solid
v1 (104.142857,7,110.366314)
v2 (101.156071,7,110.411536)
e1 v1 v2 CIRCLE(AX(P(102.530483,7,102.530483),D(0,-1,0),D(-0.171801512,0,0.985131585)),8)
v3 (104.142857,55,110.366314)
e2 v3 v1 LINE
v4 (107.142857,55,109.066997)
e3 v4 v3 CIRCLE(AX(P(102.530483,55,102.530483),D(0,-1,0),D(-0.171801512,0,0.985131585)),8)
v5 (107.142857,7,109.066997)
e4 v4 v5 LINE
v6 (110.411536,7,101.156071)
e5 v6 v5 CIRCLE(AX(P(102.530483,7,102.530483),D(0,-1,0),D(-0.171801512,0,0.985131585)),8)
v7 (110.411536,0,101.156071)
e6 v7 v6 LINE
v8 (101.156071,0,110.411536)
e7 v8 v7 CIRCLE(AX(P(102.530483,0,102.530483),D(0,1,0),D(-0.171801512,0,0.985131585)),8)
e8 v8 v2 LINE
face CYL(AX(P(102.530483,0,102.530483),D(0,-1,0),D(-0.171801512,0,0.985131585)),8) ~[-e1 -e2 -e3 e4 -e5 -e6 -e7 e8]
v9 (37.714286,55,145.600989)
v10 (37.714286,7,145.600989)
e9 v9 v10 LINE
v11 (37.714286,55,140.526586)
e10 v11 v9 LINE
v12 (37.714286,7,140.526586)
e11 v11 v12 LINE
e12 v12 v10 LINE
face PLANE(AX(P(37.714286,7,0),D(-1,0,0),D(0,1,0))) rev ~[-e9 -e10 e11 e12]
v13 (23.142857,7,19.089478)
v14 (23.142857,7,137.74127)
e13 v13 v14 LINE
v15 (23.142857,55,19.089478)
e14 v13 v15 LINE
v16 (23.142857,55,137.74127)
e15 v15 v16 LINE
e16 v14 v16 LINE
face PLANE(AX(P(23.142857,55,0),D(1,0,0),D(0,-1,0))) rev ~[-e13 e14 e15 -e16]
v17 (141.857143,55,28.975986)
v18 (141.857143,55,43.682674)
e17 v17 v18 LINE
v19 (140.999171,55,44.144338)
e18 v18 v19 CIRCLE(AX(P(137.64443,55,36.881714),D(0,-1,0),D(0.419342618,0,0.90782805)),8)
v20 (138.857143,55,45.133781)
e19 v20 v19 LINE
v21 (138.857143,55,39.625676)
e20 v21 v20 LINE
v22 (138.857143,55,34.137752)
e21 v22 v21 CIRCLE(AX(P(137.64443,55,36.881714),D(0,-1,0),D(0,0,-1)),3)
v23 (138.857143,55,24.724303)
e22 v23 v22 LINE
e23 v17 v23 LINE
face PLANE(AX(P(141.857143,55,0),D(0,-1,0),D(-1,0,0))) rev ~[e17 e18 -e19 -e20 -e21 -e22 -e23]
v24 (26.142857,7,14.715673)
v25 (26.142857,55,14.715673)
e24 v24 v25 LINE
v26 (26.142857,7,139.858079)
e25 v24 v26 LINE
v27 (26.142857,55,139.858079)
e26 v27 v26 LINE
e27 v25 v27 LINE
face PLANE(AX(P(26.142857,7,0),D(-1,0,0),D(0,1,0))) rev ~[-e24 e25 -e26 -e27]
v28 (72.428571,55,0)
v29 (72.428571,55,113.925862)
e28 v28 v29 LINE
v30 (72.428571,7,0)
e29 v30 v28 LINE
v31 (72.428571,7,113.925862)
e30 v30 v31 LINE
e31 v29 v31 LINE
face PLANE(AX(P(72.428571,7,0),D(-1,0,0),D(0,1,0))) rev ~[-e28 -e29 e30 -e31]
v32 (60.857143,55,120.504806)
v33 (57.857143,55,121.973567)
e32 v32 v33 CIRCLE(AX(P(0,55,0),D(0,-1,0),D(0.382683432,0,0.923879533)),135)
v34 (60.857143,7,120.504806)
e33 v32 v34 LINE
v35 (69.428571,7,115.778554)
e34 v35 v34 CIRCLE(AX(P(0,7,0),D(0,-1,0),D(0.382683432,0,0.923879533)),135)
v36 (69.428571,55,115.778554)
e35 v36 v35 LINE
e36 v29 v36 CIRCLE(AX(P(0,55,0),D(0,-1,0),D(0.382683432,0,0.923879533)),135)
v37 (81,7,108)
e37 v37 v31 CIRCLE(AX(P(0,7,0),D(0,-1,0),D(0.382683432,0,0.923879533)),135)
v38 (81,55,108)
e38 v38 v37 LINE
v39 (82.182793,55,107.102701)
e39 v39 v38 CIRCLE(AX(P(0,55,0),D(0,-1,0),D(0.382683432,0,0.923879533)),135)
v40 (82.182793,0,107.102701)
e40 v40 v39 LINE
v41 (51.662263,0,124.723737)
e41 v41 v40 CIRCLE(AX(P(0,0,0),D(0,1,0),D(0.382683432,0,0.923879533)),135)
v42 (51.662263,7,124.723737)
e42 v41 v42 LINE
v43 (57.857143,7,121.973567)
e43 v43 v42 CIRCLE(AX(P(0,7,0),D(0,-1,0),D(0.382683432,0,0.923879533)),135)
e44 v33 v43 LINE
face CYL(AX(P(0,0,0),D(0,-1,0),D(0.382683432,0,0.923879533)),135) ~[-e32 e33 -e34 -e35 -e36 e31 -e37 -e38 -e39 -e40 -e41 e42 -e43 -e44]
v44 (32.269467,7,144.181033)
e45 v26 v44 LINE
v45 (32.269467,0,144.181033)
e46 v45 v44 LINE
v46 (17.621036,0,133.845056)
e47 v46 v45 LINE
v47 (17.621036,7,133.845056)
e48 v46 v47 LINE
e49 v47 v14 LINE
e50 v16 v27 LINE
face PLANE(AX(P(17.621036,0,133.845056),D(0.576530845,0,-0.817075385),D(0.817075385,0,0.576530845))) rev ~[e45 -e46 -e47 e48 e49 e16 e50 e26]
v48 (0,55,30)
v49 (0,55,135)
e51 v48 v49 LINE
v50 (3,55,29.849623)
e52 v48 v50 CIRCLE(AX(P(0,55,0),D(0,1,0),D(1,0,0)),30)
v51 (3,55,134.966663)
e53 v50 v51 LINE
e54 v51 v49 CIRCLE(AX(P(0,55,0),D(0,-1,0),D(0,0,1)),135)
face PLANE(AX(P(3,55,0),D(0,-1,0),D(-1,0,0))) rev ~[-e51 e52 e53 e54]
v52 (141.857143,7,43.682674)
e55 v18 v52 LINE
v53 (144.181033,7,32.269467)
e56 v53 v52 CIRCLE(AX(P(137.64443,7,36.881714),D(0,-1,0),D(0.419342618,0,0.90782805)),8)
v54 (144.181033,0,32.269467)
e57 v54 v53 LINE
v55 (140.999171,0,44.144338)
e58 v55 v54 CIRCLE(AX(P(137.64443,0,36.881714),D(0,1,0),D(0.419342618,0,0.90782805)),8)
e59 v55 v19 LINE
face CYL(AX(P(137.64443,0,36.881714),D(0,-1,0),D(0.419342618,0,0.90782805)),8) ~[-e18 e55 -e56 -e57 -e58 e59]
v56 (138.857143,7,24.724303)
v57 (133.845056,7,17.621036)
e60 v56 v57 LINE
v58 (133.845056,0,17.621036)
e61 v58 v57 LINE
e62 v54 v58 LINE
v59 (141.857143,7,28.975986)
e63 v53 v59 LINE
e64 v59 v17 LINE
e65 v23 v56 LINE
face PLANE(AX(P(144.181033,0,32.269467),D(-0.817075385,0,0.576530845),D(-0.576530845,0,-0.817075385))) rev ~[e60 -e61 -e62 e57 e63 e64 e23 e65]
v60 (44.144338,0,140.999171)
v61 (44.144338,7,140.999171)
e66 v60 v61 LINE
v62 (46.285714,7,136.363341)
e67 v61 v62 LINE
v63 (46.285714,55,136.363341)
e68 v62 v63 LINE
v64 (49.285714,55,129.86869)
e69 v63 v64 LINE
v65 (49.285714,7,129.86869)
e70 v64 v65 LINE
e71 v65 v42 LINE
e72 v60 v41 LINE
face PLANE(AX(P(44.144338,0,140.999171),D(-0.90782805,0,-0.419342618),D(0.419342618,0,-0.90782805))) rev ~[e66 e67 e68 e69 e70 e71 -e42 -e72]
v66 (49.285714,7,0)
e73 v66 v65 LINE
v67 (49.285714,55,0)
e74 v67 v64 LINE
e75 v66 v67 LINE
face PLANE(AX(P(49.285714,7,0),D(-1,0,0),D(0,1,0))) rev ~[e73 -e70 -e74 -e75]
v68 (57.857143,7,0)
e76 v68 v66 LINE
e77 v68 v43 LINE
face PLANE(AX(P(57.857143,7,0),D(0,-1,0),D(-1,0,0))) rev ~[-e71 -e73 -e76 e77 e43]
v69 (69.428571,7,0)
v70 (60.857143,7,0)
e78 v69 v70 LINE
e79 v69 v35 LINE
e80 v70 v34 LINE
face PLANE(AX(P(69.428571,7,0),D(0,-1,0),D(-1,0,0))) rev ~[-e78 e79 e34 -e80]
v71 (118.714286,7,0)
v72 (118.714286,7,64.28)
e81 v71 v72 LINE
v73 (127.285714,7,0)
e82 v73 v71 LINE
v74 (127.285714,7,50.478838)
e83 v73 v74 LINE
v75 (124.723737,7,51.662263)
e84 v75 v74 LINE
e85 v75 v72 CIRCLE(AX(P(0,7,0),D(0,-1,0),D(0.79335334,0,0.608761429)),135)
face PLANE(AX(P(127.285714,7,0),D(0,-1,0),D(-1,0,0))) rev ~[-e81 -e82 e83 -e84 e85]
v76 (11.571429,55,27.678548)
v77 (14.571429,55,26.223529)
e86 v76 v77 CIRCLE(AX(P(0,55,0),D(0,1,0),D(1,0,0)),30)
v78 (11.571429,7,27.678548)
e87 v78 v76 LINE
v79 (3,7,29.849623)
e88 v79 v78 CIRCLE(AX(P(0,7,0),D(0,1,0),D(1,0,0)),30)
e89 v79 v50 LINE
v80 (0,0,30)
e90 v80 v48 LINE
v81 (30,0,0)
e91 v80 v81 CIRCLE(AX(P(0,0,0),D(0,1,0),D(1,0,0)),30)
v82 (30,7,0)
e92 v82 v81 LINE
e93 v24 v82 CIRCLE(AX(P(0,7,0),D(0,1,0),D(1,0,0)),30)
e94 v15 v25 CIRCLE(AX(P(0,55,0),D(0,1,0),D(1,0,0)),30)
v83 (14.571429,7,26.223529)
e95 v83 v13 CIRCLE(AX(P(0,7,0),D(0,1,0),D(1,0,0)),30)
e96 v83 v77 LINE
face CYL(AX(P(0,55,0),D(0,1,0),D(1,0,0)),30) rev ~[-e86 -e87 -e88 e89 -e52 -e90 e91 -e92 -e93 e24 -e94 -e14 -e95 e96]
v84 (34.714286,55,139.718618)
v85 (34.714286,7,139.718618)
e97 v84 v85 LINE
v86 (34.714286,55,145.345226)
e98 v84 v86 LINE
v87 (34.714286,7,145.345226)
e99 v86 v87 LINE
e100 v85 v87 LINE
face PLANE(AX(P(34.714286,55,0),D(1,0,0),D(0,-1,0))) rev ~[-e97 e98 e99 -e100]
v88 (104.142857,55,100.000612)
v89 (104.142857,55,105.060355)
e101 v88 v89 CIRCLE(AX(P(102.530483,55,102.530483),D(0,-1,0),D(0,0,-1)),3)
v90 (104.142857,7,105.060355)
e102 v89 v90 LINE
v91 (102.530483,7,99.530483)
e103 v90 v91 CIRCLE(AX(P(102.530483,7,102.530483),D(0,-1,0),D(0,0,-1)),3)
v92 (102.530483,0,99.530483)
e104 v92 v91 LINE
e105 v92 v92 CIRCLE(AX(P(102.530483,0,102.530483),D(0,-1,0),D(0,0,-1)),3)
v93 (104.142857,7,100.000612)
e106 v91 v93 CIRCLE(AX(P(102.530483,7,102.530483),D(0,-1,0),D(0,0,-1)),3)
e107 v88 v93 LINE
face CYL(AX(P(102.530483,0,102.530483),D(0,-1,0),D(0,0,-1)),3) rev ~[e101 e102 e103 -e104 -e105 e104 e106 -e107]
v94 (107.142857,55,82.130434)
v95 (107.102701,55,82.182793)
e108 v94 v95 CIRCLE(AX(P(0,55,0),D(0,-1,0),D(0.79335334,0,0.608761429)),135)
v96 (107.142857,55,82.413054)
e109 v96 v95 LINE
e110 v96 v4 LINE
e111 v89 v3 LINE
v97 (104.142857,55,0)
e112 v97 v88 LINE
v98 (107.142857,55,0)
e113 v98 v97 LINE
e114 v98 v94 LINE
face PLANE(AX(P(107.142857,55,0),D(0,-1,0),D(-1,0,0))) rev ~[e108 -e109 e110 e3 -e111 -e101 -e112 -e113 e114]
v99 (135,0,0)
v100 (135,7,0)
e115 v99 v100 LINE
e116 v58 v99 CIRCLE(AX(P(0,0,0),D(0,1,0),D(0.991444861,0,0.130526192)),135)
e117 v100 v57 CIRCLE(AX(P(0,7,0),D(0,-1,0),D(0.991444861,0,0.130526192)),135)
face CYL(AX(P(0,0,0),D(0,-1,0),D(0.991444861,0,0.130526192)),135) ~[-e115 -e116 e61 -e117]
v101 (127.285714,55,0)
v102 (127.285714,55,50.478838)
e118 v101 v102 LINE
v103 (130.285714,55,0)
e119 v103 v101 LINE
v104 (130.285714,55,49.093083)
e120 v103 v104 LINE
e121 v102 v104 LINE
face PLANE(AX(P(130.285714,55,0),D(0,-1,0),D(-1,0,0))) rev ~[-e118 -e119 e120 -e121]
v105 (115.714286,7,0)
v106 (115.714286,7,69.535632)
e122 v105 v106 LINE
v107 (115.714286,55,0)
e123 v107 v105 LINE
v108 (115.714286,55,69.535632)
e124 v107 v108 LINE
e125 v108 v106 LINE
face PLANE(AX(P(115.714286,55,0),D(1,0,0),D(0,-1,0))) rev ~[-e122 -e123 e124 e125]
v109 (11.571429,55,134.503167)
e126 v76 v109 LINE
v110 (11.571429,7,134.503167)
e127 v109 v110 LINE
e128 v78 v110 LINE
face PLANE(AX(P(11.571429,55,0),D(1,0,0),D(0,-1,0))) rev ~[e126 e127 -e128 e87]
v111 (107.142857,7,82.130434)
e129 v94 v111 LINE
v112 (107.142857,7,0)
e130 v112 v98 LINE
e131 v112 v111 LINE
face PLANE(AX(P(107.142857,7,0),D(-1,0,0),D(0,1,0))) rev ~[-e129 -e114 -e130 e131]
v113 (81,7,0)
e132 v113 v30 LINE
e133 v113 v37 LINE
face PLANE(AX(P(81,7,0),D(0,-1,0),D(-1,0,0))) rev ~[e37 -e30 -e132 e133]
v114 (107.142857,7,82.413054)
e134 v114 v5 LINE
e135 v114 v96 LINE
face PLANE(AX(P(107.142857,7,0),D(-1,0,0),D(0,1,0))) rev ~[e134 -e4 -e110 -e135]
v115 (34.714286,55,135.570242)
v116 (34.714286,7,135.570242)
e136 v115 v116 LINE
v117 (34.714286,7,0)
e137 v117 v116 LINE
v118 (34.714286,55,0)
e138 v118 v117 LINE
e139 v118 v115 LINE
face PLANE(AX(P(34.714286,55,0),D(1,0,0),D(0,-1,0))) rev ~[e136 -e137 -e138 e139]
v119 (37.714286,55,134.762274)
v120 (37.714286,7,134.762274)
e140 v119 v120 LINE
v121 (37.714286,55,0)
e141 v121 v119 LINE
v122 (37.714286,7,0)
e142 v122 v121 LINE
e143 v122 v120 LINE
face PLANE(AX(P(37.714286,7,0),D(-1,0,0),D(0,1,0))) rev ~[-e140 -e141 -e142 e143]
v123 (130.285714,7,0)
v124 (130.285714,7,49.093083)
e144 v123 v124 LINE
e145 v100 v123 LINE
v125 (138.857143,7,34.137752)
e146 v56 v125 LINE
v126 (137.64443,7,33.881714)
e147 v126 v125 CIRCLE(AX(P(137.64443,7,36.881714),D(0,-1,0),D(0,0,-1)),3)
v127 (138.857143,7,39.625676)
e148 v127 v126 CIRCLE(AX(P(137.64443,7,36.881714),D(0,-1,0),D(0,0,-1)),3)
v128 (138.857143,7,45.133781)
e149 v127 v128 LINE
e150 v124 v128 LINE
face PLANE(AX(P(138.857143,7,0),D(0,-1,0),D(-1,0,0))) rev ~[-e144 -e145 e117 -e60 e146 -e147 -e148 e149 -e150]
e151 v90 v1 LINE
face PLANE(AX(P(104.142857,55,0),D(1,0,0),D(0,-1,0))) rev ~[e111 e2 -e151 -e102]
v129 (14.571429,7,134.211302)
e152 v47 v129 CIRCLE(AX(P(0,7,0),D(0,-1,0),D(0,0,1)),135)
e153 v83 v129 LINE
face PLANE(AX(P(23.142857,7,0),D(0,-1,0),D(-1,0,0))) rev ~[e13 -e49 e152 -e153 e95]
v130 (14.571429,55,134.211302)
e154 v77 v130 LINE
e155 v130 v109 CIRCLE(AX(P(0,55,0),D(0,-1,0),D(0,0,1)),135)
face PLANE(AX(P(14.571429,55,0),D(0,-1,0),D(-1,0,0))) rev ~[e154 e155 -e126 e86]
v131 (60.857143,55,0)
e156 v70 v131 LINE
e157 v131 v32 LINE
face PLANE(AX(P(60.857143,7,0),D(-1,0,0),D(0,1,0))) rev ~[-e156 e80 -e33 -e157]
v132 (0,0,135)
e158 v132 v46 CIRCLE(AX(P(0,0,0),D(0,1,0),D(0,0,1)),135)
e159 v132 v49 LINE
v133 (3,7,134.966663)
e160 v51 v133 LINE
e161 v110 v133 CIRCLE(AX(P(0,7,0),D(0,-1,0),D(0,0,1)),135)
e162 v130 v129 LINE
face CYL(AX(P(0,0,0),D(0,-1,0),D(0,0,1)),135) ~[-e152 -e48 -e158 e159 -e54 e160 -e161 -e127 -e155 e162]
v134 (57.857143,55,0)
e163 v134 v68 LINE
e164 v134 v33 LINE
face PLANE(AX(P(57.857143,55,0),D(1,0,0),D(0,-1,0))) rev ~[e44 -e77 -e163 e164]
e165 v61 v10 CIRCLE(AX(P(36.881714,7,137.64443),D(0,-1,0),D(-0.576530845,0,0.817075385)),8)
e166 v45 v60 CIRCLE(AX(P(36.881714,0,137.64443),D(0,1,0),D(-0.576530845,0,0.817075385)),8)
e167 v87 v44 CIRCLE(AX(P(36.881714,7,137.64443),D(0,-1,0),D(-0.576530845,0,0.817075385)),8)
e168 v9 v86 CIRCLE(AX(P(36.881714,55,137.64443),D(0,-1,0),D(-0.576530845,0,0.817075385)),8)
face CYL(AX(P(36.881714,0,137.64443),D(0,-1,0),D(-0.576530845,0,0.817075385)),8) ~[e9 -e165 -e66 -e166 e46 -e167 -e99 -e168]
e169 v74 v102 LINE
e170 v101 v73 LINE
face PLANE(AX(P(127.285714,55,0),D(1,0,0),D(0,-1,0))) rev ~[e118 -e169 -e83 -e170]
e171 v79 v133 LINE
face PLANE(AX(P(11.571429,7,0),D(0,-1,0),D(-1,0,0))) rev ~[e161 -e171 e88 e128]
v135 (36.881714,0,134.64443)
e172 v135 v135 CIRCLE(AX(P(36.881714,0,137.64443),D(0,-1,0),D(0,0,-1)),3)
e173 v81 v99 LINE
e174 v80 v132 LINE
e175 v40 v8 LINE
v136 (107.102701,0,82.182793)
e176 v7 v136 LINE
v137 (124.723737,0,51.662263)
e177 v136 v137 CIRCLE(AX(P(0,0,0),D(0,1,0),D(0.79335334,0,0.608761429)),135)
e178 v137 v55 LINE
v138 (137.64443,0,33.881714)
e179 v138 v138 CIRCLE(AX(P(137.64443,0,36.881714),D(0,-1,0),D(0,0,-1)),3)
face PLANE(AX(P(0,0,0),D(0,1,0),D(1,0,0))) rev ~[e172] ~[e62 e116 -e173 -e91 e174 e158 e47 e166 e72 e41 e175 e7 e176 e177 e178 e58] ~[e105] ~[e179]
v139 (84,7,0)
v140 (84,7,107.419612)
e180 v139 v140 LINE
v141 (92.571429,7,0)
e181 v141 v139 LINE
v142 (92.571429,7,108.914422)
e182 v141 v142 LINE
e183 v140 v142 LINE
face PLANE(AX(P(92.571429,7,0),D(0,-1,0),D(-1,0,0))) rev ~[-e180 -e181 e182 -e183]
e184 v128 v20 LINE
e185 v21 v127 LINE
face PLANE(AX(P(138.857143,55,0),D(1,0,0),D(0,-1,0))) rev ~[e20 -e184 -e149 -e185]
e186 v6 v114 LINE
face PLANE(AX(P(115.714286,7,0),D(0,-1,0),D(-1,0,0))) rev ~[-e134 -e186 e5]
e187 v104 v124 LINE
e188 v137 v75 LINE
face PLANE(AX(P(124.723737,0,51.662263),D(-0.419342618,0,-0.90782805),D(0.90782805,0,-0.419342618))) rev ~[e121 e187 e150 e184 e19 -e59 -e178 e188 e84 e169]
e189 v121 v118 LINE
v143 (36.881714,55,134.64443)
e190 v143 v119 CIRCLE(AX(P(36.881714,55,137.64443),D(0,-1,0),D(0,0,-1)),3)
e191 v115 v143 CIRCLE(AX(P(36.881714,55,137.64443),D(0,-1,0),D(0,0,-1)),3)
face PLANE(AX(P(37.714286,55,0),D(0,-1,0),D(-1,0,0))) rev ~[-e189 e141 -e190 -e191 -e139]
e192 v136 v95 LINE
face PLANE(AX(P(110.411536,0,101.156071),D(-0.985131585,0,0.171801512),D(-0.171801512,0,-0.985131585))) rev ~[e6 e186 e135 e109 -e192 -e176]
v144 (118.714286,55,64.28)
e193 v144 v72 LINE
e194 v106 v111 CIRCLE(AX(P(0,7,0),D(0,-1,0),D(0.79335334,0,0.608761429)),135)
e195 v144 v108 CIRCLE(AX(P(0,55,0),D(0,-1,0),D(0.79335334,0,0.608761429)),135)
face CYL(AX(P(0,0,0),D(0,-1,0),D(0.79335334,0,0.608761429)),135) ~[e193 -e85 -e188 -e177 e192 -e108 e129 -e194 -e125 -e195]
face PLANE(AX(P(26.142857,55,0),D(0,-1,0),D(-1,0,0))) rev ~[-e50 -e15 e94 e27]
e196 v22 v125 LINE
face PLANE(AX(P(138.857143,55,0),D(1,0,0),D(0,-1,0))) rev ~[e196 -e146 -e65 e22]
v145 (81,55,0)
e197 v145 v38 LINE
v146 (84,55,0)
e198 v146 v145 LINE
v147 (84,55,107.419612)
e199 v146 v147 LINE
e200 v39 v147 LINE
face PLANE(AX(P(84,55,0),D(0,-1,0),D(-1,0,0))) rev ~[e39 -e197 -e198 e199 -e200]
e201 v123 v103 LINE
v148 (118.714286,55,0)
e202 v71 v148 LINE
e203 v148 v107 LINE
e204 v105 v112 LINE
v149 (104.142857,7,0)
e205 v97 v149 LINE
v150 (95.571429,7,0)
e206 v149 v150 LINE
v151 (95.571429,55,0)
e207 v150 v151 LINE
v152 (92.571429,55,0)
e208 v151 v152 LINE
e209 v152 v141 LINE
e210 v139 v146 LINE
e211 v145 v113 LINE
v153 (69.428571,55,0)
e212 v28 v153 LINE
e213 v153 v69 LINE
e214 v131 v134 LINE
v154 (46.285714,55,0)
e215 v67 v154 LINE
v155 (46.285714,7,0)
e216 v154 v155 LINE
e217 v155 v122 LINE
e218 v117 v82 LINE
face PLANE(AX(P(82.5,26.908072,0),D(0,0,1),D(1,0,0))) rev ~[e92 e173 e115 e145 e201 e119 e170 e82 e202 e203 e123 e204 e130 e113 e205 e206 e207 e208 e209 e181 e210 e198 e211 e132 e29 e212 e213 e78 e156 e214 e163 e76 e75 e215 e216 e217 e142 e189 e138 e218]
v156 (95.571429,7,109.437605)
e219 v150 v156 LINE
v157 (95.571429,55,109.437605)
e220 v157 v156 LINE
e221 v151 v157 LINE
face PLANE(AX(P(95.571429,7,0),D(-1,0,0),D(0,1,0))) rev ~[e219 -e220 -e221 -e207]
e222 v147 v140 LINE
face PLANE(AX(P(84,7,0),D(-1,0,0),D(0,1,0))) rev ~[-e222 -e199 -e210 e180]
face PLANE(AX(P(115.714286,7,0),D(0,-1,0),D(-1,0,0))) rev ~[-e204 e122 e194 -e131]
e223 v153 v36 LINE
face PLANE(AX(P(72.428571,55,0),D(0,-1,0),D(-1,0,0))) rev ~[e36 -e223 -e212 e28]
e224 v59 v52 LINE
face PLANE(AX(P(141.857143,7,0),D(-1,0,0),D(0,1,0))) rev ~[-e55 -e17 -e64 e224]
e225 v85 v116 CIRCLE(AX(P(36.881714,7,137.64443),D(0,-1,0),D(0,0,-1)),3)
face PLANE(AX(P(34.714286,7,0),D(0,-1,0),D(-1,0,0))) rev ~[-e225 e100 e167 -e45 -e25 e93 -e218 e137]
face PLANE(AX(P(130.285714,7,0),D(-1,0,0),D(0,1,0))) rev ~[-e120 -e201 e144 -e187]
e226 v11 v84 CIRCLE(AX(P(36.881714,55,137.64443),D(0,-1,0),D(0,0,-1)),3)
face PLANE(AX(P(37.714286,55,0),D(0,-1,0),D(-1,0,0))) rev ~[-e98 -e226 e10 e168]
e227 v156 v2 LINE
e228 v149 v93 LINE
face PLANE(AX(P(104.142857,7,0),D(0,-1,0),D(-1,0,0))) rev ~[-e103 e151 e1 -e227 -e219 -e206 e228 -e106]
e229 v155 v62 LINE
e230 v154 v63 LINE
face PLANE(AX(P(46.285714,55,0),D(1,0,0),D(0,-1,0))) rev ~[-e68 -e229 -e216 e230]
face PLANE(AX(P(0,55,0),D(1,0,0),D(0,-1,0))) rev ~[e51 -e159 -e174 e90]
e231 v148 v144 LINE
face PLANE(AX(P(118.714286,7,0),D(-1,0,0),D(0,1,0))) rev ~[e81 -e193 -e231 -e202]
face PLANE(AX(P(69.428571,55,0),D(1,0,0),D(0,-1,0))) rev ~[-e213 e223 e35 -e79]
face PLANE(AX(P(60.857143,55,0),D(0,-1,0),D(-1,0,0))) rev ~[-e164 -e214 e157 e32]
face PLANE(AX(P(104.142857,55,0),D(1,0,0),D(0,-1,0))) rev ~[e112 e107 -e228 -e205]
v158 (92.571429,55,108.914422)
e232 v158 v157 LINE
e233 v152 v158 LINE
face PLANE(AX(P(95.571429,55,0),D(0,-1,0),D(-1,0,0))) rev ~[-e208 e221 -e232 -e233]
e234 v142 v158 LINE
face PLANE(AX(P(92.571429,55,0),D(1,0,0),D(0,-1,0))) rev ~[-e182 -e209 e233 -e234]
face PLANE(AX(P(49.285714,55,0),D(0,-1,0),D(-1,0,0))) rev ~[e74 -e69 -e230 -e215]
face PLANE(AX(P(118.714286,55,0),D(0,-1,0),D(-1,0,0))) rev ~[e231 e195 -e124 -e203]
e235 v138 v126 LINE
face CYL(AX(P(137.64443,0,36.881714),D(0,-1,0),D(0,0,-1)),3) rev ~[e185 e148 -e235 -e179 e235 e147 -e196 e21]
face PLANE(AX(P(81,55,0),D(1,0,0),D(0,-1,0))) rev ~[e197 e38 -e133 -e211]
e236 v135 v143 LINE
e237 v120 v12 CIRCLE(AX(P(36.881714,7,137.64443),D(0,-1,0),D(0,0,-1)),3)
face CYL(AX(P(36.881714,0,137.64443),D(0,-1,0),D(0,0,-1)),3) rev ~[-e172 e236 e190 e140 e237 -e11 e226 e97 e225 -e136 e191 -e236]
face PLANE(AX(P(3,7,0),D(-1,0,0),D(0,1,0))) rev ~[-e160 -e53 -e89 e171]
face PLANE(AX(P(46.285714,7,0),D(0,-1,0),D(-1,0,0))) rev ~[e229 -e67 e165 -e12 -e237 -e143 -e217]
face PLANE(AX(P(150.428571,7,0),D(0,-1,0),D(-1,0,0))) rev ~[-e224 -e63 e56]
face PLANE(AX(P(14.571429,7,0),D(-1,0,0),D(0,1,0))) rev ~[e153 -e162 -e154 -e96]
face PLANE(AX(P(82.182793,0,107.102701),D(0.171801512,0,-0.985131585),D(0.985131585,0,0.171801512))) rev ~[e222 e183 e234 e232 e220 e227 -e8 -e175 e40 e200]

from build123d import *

# Parameters (mm, degrees)
BOSS_EXTRUDE1_DEPTH = 1000
SKETCH2_R           = 3
CUT_EXTRUDE2_DEPTH  = 1016.012315196
SKETCH3_R           = 30
CUT_EXTRUDE3_DEPTH  = 67


with BuildPart() as part:
    # Sketch1 → Boss-Extrude1 (new body)
    with BuildSketch(Plane.XY):
        Polygon((11.571428571, 55), (11.571428571, 7), (3, 7), (3, 55), (0, 55), (0, 7), (0, 0), (165, 0), (165, 7), (165, 10), (165, 55), (162, 55), (162, 7), (153.428571429, 7), (153.428571429, 55), (150.428571429, 55), (150.428571429, 7), (141.857142857, 7), (141.857142857, 55), (138.857142857, 55), (138.857142857, 7), (130.285714286, 7), (130.285714286, 55), (127.285714286, 55), (127.285714286, 7), (118.714285714, 7), (118.714285714, 55), (115.714285714, 55), (115.714285714, 7), (107.142857143, 7), (107.142857143, 55), (104.142857143, 55), (104.142857143, 7), (95.571428571, 7), (95.571428571, 55), (92.571428571, 55), (92.571428571, 7), (84, 7), (84, 55), (81, 55), (81, 7), (72.428571429, 7), (72.428571429, 55), (69.428571429, 55), (69.428571429, 7), (60.857142857, 7), (60.857142857, 55), (57.857142857, 55), (57.857142857, 7), (49.285714286, 7), (49.285714286, 55), (46.285714286, 55), (46.285714286, 7), (37.714285714, 7), (37.714285714, 55), (34.714285714, 55), (34.714285714, 7), (26.142857143, 7), (26.142857143, 55), (23.142857143, 55), (23.142857143, 7), (14.571428571, 7), (14.571428571, 55), align=None)
    extrude(amount=BOSS_EXTRUDE1_DEPTH)

    # Sketch2 → Cut-Extrude2 (cut, through all)
    with BuildSketch(Plane.XZ):
        with BuildLine():
            Line((0, 1000), (0, 135))
            ThreePointArc((0, 135), (8.829422446, 134.710954637), (17.62103595, 133.845056285))
            Line((17.62103595, 133.845056285), (32.26946717, 144.181033328))
            ThreePointArc((32.26946717, 144.181033328), (38.952266288, 145.371836857), (44.144338328, 140.999171191))
            Line((44.144338328, 140.999171191), (51.662263369, 124.723736889))
            ThreePointArc((51.662263369, 124.723736889), (67.5, 116.913429511), (82.182792916, 107.102700939))
            Line((82.182792916, 107.102700939), (101.156071179, 110.411535956))
            ThreePointArc((101.156071179, 110.411535956), (108.187337522, 108.187337522), (110.411535956, 101.156071179))
            Line((110.411535956, 101.156071179), (107.102700939, 82.182792916))
            ThreePointArc((107.102700939, 82.182792916), (116.913429511, 67.5), (124.723736889, 51.662263369))
            Line((124.723736889, 51.662263369), (140.999171191, 44.144338328))
            ThreePointArc((140.999171191, 44.144338328), (145.371836857, 38.952266288), (144.181033328, 32.26946717))
            Line((144.181033328, 32.26946717), (133.845056285, 17.62103595))
            ThreePointArc((133.845056285, 17.62103595), (134.710954637, 8.829422446), (135, 0))
            Line((135, 0), (165, 0))
            Line((165, 0), (165, 1000))
            Line((165, 1000), (0, 1000))
        make_face()
        with Locations(Location((36.881713927, 137.644430246, 0), (0, 0, 270))):
            Circle(SKETCH2_R)
        with Locations(Location((102.530483272, 102.530483272, 0), (0, 0, 270))):
            Circle(SKETCH2_R)
        with Locations(Location((137.644430246, 36.881713927, 0), (0, 0, 270))):
            Circle(SKETCH2_R)
    extrude(amount=-CUT_EXTRUDE2_DEPTH, mode=Mode.SUBTRACT)

    # Sketch3 → Cut-Extrude3 (cut)
    with BuildSketch(Plane(origin=(0, 55, 0), x_dir=(1, 0, 0), z_dir=(0, 1, 0))):
        Circle(SKETCH3_R)
    extrude(amount=-CUT_EXTRUDE3_DEPTH, mode=Mode.SUBTRACT)


solid = part.part
